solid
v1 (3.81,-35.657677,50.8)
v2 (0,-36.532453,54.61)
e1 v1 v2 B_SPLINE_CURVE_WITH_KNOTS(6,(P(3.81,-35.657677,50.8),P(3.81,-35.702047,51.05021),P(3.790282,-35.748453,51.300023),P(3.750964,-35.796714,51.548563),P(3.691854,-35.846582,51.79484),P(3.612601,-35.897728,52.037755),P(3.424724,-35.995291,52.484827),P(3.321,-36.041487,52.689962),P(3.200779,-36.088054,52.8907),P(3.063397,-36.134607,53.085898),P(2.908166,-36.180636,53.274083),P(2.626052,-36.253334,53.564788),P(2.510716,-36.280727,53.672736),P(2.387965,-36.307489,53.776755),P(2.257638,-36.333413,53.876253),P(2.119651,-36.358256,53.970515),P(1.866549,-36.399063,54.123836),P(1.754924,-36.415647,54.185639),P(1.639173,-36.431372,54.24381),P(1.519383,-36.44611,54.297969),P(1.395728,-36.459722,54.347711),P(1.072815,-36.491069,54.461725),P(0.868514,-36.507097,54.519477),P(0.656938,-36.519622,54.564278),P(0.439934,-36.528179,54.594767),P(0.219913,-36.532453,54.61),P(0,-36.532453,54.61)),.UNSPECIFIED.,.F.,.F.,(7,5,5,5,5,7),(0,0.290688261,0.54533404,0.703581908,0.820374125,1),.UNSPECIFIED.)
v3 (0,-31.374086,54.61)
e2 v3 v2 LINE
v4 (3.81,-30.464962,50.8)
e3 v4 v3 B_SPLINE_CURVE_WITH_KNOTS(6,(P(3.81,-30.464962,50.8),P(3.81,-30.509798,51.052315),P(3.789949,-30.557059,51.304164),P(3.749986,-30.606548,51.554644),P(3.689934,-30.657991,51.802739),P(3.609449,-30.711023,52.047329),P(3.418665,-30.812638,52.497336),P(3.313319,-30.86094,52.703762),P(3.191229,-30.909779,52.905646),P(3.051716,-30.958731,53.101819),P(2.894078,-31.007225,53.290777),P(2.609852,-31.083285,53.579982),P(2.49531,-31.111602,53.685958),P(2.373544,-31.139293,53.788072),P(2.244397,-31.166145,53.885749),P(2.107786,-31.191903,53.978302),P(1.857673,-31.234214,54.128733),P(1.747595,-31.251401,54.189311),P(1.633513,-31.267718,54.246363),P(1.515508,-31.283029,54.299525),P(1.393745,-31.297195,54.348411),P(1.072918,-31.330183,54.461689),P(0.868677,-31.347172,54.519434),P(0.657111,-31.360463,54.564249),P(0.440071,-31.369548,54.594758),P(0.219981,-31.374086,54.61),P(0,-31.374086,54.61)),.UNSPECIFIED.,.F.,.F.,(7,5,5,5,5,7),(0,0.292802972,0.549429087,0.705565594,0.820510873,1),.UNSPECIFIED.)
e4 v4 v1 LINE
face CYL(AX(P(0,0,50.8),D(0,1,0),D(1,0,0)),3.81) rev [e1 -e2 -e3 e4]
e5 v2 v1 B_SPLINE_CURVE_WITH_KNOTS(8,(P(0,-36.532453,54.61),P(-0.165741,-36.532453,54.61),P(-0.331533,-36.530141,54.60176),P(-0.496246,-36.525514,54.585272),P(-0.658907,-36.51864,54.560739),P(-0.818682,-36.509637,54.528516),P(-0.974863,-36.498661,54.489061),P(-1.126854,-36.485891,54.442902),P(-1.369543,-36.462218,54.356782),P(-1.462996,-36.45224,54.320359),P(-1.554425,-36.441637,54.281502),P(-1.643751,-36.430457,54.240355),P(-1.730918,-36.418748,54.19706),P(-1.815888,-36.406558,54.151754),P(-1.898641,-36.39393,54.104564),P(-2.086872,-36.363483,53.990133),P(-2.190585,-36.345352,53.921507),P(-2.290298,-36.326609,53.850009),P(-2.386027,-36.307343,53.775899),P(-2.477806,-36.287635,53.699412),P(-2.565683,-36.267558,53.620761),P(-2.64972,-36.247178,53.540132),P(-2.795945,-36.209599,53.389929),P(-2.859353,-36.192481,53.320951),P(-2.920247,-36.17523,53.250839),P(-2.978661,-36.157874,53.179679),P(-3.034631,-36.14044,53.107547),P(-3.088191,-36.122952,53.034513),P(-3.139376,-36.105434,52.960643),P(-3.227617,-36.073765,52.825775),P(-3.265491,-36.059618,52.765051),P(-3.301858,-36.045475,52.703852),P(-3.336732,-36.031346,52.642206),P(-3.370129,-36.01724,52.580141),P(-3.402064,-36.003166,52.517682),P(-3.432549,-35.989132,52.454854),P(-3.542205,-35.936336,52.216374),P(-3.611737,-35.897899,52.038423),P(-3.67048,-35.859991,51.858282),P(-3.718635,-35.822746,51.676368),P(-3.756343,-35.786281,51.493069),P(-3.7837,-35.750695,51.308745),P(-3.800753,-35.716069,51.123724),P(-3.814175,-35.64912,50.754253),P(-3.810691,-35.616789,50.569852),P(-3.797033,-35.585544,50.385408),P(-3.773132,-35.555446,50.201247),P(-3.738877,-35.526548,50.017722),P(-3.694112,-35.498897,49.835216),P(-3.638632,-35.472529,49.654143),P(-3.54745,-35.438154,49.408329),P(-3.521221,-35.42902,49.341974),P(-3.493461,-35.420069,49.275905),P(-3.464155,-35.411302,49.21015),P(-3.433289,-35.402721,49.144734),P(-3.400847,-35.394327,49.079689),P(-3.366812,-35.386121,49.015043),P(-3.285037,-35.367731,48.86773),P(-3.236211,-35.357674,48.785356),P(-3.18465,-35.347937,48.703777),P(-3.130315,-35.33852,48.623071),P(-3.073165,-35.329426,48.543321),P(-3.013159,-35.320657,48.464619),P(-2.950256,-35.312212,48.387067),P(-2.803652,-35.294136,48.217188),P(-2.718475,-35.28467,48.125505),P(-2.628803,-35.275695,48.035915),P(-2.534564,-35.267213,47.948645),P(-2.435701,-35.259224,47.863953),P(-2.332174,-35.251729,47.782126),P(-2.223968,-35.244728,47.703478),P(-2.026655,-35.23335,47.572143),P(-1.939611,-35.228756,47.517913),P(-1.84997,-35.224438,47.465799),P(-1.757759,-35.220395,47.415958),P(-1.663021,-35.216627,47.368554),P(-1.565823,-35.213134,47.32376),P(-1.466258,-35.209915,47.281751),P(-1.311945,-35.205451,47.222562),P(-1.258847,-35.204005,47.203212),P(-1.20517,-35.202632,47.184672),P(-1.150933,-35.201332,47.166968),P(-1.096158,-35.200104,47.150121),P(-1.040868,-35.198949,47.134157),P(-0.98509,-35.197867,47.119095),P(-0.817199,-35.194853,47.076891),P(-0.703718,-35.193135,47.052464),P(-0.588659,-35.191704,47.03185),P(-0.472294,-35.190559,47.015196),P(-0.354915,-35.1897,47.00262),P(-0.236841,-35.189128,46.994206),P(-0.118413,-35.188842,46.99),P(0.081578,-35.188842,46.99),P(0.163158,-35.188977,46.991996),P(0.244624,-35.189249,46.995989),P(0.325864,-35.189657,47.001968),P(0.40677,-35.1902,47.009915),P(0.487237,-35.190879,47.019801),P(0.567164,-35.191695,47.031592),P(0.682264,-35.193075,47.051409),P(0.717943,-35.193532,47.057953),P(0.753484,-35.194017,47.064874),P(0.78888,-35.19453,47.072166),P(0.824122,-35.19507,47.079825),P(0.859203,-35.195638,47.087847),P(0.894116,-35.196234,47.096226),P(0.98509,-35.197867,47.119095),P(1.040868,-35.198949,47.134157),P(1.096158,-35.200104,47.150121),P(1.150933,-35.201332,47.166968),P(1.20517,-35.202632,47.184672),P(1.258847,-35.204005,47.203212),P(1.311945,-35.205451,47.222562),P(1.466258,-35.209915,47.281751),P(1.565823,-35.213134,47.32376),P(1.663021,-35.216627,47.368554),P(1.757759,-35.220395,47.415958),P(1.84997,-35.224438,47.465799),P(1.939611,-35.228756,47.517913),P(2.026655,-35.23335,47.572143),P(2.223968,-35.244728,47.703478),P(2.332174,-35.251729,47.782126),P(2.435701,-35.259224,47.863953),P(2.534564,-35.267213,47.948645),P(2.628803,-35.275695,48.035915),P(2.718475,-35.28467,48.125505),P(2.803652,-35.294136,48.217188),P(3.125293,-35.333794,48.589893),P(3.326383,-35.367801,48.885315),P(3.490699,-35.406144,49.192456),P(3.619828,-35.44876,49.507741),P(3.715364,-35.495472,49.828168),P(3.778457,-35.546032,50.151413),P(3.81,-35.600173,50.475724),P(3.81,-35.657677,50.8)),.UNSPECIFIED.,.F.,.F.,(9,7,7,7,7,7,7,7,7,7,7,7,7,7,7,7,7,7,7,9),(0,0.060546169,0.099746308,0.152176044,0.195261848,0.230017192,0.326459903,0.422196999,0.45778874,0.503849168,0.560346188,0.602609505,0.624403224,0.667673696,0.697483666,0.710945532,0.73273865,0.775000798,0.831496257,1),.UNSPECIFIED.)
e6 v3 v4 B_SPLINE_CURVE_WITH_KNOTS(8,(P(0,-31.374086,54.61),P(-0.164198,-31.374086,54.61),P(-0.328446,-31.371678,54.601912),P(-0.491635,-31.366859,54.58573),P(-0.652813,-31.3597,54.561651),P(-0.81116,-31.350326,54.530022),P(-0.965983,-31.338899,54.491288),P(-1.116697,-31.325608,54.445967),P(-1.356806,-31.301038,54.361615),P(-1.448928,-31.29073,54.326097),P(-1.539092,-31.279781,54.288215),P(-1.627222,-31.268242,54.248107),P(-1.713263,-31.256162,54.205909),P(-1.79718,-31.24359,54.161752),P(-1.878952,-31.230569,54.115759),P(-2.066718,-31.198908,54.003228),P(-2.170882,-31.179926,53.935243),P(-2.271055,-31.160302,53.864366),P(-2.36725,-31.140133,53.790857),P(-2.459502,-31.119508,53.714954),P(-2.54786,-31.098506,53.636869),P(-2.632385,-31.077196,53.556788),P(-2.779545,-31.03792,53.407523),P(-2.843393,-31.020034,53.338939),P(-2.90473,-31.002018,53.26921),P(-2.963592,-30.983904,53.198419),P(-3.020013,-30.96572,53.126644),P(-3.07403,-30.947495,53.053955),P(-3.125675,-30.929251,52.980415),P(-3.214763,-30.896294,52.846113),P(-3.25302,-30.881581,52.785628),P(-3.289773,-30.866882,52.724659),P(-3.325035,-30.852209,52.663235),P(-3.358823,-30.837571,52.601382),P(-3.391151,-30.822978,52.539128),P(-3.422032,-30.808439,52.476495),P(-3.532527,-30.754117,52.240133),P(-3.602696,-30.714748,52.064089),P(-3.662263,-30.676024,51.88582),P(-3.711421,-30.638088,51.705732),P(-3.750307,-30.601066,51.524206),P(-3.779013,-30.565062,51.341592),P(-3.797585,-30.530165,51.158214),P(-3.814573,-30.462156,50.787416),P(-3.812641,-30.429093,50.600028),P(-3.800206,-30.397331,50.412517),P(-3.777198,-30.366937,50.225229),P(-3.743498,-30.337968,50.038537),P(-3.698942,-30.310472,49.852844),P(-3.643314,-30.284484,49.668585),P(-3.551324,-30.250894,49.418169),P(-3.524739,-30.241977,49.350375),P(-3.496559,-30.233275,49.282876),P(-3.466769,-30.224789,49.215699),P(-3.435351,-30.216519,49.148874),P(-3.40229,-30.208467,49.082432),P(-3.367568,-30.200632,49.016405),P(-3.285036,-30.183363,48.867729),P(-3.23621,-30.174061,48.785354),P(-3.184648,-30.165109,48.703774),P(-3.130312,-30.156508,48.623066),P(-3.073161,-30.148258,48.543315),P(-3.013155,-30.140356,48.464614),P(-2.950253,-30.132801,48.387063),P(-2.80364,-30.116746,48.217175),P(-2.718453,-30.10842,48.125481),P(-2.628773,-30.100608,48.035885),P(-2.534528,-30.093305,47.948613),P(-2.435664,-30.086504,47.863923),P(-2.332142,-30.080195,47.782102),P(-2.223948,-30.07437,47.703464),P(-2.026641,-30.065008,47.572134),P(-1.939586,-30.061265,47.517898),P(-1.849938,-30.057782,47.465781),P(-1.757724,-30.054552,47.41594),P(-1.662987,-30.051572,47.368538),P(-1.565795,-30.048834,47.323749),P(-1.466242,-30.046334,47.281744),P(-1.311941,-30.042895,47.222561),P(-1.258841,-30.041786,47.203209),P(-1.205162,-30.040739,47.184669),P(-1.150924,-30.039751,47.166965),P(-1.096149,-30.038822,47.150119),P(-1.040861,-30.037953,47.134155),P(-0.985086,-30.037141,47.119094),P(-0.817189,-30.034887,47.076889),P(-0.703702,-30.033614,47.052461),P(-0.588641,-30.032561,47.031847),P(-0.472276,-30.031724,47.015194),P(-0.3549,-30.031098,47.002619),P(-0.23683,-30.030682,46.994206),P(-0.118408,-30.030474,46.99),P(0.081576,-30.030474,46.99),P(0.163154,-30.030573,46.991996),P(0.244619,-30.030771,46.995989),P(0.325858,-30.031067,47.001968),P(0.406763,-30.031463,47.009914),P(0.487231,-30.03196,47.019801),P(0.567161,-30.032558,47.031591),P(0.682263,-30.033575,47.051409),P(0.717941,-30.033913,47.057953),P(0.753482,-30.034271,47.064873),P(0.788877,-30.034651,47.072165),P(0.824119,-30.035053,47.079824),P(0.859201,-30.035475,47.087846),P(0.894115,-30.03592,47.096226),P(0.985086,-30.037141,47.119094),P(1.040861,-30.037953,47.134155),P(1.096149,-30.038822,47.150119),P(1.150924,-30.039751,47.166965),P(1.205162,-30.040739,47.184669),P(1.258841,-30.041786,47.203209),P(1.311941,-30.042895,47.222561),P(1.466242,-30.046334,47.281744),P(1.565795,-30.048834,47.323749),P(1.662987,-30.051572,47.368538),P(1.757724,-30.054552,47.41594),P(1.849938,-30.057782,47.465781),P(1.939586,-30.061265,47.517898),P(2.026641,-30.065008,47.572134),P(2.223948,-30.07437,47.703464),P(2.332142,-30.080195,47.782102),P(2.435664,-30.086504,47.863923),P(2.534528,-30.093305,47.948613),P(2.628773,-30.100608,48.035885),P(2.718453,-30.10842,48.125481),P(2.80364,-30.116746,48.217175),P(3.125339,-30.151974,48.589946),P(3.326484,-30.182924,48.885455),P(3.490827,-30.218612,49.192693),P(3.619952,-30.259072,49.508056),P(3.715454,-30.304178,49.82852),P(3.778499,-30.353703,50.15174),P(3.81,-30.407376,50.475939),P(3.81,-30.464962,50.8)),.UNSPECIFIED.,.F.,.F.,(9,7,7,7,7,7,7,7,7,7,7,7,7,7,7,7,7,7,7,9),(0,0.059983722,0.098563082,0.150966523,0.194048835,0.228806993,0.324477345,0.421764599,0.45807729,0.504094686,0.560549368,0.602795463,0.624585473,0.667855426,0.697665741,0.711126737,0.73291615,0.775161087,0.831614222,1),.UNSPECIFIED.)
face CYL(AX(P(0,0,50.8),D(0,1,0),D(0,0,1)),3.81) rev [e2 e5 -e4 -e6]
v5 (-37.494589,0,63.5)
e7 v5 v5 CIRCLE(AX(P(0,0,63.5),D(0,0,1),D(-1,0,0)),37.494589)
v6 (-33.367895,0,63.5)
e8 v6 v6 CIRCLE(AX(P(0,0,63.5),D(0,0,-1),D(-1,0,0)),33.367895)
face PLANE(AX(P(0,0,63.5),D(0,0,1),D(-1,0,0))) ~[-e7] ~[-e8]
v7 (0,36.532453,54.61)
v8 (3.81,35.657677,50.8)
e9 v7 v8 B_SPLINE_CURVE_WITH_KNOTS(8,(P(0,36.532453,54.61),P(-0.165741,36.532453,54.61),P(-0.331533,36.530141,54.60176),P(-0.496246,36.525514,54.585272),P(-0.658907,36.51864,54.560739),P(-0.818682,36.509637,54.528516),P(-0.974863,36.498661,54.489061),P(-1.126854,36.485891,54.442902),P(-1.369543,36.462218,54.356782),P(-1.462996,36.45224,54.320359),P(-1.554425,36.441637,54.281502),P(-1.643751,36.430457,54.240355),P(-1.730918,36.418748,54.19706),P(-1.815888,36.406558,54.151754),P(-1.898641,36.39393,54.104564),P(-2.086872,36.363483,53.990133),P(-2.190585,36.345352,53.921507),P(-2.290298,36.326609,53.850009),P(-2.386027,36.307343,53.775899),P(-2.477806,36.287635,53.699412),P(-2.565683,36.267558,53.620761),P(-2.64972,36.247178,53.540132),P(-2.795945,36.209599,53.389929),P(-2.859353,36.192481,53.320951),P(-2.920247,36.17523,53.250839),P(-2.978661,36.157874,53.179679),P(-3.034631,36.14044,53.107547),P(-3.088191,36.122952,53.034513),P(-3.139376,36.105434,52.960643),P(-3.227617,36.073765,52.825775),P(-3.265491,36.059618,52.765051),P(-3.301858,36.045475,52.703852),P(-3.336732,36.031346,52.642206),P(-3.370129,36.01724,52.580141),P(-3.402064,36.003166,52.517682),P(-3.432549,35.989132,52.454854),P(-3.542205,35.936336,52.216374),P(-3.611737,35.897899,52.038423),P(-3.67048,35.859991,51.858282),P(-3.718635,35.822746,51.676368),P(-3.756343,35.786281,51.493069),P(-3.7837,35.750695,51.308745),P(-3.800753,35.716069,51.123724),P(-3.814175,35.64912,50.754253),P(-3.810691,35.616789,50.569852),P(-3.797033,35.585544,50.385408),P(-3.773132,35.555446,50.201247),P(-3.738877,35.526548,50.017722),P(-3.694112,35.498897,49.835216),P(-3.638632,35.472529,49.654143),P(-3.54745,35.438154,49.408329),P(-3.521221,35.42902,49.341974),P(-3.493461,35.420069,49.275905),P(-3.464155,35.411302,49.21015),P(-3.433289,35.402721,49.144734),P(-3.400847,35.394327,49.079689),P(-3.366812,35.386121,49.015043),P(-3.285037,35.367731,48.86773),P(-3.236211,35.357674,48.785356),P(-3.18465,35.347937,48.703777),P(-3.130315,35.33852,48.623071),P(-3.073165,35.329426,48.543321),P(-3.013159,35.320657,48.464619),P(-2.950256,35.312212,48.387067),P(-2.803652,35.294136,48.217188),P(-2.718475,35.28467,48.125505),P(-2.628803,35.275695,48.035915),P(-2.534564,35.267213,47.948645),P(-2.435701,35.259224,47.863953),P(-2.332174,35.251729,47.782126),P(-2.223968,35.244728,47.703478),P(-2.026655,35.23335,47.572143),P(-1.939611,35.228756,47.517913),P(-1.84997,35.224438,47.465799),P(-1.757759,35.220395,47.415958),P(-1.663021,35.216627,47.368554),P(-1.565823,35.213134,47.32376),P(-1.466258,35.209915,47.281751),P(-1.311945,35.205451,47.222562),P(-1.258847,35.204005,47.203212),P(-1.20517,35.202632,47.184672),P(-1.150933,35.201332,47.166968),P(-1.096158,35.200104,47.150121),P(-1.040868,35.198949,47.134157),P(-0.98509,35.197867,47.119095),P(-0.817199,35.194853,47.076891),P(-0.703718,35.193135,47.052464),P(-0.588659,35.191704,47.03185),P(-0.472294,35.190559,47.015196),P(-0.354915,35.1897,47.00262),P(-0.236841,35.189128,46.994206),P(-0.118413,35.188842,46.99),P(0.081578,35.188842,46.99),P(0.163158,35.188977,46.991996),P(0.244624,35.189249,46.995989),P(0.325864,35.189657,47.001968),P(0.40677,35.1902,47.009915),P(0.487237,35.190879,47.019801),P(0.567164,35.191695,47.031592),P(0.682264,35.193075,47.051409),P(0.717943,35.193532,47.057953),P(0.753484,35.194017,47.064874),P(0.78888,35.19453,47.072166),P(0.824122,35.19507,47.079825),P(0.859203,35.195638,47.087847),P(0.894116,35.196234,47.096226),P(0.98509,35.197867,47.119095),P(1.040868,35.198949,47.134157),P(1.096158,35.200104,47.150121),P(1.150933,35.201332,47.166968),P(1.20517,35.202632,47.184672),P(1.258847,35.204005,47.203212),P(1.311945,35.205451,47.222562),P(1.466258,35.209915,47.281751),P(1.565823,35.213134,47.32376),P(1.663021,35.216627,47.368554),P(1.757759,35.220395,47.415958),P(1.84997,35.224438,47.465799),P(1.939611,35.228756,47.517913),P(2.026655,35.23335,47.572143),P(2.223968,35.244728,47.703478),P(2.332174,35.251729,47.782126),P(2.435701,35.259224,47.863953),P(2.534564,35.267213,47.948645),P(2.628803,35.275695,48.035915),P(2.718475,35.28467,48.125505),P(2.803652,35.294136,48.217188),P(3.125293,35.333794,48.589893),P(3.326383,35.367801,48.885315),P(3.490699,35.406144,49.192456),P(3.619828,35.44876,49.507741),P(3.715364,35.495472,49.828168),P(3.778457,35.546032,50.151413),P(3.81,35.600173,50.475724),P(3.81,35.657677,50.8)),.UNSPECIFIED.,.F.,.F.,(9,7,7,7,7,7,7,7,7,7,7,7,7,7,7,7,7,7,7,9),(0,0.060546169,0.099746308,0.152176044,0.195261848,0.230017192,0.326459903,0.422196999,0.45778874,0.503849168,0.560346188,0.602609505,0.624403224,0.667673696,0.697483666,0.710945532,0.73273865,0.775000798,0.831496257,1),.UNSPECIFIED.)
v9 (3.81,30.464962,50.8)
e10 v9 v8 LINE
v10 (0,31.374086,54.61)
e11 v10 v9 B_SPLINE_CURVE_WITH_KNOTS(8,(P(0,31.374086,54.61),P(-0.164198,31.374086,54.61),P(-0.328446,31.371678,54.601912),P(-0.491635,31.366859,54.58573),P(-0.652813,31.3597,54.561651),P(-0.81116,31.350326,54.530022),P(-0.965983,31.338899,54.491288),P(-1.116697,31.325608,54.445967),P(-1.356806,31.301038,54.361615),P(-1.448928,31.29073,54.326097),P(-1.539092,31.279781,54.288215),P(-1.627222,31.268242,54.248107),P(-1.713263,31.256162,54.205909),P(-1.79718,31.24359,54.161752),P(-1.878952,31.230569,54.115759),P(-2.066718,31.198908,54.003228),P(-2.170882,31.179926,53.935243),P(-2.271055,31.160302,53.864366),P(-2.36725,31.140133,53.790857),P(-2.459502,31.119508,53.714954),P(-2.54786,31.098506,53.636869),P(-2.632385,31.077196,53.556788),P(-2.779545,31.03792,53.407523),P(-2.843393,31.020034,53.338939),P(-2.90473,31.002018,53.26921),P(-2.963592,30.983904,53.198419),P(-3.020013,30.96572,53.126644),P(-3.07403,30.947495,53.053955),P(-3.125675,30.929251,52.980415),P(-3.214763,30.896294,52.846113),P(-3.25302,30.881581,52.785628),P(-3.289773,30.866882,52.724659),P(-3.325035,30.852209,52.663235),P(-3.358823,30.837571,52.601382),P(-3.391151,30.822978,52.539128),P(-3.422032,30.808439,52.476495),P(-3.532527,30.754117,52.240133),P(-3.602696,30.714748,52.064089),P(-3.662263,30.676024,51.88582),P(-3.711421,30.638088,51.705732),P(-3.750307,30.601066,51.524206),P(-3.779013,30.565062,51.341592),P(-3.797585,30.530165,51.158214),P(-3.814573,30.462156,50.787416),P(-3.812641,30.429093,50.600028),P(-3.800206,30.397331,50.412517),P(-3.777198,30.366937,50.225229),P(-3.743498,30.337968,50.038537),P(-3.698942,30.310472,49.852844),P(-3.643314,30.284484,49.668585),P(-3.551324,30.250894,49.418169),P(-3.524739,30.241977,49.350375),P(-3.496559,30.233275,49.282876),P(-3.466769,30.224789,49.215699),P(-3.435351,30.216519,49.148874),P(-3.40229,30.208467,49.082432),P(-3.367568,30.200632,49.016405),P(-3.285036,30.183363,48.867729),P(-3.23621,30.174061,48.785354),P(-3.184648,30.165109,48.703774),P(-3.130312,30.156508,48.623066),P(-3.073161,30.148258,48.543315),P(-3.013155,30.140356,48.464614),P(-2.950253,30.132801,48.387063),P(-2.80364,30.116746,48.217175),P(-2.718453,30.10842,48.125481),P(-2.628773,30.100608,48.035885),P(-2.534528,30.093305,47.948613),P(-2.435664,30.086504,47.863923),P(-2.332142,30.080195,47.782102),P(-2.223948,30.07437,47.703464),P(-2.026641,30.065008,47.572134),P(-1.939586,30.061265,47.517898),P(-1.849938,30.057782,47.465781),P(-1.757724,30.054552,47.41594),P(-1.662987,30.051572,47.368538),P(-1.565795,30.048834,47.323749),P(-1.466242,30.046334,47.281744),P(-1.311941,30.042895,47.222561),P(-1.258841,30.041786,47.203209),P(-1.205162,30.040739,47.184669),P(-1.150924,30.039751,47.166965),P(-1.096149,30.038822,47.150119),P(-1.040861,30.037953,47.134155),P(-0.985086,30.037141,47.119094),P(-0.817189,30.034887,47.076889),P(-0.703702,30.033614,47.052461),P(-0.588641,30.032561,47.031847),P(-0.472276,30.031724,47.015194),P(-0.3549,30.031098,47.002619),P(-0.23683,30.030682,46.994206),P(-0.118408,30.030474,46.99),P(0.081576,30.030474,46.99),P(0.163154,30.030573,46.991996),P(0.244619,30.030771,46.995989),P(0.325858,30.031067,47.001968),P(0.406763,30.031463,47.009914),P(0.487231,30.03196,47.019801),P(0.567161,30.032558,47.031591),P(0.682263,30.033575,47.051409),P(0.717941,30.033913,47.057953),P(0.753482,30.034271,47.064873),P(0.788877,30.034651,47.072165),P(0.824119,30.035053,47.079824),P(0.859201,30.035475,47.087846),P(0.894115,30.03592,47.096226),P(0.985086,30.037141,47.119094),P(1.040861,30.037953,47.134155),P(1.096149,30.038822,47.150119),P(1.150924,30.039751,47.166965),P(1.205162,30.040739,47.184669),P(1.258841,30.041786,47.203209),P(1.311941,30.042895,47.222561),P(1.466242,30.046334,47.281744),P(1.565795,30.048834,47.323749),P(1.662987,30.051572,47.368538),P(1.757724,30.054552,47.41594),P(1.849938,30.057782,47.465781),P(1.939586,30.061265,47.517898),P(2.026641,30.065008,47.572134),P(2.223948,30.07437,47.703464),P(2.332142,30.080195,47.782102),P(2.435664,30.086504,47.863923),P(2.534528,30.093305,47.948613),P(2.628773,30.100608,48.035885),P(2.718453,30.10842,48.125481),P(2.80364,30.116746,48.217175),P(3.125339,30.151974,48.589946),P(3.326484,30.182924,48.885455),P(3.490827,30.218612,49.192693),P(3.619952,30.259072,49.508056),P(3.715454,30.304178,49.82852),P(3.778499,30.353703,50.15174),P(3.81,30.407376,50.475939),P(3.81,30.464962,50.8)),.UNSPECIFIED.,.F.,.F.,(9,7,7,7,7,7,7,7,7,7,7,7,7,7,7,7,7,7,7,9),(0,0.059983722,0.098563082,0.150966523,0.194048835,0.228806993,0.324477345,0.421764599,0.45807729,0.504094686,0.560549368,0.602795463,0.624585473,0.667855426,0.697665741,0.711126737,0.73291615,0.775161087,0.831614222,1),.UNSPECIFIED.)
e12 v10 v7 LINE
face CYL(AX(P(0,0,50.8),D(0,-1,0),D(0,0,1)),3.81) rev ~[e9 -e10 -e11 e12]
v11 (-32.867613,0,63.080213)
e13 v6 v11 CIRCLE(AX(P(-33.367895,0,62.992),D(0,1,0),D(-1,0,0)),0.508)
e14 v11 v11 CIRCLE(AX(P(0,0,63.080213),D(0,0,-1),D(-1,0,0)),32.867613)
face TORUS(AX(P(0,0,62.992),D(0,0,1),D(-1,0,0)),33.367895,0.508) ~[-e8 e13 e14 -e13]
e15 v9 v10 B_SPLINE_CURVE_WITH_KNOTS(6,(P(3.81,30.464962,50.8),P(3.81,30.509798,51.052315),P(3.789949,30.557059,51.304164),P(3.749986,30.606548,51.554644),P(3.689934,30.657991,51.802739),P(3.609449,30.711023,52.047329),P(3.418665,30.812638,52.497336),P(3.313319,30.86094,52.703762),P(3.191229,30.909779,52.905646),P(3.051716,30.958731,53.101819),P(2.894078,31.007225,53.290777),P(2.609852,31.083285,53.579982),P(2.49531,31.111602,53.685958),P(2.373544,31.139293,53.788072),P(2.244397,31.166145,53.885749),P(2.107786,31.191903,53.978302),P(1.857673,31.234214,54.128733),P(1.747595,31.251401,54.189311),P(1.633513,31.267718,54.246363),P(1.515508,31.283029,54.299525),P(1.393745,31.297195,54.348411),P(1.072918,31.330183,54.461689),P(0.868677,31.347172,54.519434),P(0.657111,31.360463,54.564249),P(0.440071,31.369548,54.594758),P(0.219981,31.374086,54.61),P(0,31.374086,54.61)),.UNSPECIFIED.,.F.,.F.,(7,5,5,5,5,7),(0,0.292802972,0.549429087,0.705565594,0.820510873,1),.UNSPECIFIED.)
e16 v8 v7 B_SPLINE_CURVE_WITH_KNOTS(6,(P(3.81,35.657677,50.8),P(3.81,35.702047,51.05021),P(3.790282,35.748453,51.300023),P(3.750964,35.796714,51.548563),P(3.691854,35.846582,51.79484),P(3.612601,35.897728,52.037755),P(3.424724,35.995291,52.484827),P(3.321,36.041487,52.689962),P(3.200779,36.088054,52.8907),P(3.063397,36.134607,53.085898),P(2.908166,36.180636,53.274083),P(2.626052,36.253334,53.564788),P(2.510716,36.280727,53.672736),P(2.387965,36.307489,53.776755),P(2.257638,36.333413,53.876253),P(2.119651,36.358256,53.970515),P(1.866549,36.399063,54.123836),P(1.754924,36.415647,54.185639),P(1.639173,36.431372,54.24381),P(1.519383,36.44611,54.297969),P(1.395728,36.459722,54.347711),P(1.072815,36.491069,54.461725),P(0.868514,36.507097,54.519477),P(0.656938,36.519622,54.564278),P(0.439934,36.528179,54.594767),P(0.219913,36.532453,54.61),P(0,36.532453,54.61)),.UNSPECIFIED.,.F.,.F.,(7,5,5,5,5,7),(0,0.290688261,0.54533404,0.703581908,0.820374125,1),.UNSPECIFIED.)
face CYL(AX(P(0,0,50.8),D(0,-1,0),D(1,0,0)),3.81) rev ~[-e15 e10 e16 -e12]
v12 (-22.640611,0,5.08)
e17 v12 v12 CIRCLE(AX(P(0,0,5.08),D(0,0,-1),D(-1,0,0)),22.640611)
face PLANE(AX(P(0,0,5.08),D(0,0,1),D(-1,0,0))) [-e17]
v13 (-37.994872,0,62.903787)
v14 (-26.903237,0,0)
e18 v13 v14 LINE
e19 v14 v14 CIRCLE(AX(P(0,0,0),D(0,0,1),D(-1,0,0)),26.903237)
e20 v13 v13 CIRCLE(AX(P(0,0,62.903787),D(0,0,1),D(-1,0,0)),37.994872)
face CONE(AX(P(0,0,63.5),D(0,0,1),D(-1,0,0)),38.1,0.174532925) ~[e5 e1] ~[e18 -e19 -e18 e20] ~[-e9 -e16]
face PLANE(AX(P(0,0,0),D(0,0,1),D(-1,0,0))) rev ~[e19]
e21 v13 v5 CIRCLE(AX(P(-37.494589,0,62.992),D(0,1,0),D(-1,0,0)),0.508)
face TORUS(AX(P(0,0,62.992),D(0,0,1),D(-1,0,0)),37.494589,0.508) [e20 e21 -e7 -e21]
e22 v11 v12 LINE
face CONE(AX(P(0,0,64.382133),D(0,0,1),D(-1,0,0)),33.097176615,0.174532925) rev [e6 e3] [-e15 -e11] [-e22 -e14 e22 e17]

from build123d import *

# Parameters (mm, degrees)
F2_T     = -5.08
F4_DEPTH = 38.101
F5_DEPTH = 38.1010001
F6_R     = 0.508


with BuildPart() as f1:
    # F0 (on Front) → F1 (revolve)
    with BuildSketch(Plane.XZ):
        Polygon((0, 0), (0, 63.5), (-38.1, 63.5), (-26.903236725, 0), align=None)
    revolve(axis=Axis((0, 0, 31.75), (0, 0, 1)))

    # F2
    f2_openings = [f1.faces().sort_by_distance(p)[0] for p in [
        (0, 0, 63.5),
    ]]
    offset(amount=F2_T, openings=f2_openings)

    # F3 (on Front) → F4 (cut, through all)
    with BuildSketch(Plane.XZ):
        with BuildLine():
            ThreePointArc((0, 54.61), (-2.6940768363, 48.1059231637), (3.81, 50.8))
            ThreePointArc((3.81, 50.8), (2.6940768363, 53.4940768363), (0, 54.61))
        make_face()
    extrude(amount=F4_DEPTH, mode=Mode.SUBTRACT)

    # F3 (on Front) → F5 (cut, through all)
    with BuildSketch(Plane.XZ):
        with BuildLine():
            ThreePointArc((0, 54.61), (-2.6940768363, 48.1059231637), (3.81, 50.8))
            ThreePointArc((3.81, 50.8), (2.6940768363, 53.4940768363), (0, 54.61))
        make_face()
    extrude(amount=-F5_DEPTH, mode=Mode.SUBTRACT)

    # F6
    f6_edges = [f1.edges().sort_by_distance(p)[0] for p in [
        (38.1, 0, 63.5),
        (32.941633, 0, 63.5),
    ]]
    fillet(f6_edges, radius=F6_R)


solid = f1.part
